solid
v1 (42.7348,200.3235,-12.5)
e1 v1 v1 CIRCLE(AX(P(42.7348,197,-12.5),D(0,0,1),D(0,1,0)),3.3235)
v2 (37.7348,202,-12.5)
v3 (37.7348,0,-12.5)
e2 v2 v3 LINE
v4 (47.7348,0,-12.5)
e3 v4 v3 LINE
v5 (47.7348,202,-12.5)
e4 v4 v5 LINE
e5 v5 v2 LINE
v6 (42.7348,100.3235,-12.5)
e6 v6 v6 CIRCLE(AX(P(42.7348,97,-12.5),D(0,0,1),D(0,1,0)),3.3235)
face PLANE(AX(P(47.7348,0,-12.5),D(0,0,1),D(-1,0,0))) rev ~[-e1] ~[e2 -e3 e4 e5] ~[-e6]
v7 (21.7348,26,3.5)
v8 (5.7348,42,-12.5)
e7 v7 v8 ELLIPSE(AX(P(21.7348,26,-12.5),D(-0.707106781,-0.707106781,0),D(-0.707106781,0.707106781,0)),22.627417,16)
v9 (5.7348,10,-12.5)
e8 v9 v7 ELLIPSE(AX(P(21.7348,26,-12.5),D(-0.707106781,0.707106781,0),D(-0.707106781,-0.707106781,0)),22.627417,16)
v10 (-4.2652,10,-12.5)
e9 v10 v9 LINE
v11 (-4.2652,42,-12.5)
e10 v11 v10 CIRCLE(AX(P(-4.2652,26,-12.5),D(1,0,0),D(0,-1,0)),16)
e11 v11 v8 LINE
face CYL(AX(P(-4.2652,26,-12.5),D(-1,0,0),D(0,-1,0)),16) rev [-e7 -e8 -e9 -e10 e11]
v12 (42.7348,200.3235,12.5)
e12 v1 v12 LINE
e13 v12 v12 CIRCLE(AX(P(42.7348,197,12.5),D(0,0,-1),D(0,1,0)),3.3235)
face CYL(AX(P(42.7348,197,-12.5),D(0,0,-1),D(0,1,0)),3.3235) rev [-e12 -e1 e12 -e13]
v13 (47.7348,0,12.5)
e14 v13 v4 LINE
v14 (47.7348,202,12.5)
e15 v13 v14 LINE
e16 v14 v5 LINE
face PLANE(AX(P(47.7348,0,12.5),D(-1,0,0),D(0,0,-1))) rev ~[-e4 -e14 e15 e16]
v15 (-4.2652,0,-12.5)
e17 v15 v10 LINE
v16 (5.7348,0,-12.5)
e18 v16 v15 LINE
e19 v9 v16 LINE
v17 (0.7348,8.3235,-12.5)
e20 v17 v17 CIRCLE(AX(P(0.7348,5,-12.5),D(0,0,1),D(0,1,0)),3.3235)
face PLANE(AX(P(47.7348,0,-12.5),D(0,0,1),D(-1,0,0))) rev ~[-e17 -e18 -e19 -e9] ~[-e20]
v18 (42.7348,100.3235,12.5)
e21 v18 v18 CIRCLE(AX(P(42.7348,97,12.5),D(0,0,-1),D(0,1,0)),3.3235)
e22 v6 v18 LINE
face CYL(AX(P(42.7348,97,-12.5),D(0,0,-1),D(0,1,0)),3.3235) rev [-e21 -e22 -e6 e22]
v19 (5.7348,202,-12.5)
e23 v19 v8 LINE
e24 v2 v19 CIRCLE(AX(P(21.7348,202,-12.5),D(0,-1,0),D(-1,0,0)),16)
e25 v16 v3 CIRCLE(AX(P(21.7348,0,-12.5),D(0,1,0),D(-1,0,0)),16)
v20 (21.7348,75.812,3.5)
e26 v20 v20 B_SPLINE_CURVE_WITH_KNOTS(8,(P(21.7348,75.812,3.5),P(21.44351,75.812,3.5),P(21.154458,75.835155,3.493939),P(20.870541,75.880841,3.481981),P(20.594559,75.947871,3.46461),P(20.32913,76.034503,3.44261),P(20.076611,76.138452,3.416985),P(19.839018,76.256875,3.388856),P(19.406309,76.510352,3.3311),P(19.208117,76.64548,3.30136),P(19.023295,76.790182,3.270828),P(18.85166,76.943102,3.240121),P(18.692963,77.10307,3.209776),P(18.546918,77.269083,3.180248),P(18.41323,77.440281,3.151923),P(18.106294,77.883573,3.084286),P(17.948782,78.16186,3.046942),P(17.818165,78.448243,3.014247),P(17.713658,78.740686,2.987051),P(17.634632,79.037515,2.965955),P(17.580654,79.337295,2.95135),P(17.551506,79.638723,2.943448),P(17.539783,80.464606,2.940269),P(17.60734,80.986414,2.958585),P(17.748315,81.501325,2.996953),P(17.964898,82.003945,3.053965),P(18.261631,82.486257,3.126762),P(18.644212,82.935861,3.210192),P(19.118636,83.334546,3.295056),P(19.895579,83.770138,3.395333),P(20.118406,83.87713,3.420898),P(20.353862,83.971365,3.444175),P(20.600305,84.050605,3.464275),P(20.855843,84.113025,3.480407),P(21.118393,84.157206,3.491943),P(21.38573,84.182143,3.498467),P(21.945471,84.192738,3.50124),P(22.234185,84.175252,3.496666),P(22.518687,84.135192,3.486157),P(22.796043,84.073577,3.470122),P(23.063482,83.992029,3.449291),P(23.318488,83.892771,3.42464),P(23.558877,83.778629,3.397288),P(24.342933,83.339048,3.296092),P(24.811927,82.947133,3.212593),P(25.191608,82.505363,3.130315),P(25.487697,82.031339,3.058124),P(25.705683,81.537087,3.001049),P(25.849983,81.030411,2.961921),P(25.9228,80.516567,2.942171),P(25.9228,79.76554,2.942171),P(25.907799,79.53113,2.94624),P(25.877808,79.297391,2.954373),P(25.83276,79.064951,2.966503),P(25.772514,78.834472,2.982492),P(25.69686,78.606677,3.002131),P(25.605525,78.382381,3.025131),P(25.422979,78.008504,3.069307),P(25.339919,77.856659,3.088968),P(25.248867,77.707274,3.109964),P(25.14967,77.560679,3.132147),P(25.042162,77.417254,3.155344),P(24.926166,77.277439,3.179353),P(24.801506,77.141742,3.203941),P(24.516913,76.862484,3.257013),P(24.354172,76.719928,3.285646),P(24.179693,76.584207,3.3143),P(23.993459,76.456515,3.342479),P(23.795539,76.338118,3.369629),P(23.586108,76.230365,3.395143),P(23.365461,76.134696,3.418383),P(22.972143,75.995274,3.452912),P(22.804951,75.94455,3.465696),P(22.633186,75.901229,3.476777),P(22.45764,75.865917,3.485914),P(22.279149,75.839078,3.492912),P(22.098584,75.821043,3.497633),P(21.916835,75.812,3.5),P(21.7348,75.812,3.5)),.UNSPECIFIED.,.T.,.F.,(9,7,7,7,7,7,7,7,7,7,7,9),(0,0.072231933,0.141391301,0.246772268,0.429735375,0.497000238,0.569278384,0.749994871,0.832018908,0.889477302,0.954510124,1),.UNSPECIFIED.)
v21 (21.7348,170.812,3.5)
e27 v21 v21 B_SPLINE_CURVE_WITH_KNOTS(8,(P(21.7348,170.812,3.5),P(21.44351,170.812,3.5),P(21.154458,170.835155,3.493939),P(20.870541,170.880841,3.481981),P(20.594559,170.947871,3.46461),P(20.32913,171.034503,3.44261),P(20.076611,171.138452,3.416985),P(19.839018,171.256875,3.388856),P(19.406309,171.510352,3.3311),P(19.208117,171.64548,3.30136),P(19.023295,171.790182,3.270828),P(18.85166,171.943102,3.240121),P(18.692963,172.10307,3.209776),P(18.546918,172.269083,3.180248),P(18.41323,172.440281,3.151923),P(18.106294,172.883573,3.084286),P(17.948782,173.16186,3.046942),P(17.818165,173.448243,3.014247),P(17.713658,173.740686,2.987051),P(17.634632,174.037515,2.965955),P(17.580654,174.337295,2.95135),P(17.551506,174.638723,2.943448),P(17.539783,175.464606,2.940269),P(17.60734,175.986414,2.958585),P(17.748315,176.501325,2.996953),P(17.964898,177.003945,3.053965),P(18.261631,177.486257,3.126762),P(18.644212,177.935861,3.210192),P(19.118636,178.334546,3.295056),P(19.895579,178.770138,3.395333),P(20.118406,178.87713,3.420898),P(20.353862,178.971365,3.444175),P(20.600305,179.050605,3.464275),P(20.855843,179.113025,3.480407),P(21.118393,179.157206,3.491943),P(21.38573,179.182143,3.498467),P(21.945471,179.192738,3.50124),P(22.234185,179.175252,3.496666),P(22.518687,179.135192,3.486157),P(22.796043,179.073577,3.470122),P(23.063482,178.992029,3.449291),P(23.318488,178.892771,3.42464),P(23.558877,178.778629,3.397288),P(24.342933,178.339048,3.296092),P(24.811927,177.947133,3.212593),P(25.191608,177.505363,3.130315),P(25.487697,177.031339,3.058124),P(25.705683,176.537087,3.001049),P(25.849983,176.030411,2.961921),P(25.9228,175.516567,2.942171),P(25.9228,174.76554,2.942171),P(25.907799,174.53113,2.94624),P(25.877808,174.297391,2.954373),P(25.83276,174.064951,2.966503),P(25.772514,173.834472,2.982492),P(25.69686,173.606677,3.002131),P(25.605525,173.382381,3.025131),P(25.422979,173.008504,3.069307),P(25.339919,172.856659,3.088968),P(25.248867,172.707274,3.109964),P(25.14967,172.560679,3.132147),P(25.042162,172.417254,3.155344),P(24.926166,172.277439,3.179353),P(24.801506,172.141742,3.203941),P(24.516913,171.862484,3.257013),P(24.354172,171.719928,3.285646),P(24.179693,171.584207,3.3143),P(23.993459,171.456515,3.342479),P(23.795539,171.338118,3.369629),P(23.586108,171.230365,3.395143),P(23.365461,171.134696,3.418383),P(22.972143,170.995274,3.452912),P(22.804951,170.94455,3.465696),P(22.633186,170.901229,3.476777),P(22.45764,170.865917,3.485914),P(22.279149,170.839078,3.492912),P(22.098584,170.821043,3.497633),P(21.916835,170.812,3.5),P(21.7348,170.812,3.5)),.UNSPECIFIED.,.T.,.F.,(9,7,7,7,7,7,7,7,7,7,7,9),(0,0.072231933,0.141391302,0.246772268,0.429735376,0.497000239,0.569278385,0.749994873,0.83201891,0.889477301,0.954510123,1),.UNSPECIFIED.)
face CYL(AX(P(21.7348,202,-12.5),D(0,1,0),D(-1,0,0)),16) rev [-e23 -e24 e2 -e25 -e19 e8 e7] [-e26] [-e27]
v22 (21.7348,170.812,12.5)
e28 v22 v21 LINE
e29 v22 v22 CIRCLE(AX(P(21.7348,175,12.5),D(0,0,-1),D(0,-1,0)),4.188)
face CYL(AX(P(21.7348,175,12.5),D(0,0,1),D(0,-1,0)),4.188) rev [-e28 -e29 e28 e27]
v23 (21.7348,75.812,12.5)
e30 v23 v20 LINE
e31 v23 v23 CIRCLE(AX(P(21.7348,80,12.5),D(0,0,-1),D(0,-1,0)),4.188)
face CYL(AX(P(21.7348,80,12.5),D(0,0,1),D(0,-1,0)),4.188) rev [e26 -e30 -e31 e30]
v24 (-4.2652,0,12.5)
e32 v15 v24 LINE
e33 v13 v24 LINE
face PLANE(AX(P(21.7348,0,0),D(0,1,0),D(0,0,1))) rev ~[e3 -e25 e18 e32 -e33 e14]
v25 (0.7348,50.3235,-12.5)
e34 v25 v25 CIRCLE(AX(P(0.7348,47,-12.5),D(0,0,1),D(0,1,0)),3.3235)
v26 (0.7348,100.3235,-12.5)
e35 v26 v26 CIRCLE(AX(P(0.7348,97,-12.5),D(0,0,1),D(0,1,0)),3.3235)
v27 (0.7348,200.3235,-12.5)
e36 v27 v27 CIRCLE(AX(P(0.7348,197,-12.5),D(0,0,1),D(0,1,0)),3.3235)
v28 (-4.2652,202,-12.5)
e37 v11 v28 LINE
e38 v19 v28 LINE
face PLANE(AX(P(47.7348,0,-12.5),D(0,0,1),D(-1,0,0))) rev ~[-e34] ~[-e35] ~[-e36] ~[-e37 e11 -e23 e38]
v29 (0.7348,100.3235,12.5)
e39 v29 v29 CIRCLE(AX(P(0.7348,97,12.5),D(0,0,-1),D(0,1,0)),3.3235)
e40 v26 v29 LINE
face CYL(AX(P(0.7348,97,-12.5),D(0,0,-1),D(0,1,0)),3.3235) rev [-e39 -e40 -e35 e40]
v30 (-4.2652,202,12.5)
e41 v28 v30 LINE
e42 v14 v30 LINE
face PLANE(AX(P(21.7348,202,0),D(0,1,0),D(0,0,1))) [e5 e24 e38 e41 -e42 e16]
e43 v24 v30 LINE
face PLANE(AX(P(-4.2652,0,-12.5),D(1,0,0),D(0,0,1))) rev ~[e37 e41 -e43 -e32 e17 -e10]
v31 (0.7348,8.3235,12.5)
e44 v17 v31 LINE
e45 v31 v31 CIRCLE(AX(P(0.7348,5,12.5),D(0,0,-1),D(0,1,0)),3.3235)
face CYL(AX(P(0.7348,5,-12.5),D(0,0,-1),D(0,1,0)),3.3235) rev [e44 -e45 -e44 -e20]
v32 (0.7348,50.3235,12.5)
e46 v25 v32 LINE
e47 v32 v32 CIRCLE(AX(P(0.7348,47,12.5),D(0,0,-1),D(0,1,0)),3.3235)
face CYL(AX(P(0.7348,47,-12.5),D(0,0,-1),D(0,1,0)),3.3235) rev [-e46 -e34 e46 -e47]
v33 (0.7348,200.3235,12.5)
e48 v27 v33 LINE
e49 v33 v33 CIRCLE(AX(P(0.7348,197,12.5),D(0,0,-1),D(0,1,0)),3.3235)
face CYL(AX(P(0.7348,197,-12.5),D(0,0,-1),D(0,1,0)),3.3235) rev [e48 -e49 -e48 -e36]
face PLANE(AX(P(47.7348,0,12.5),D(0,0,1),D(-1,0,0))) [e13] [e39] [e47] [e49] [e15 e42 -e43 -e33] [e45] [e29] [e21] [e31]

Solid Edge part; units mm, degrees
sketch "Sketch1" plane through (0, 0, 0) normal (0, 1, 0) x (-1, 0, 0)
  line L0 (-47.7348, -12.5) -> (4.2652, -12.5)
  line L1 (4.2652, -12.5) -> (4.2652, 12.5)
  line L2 (-47.7348, 12.5) -> (4.2652, 12.5)
  line L3 (-47.7348, 12.5) -> (-47.7348, -12.5)
  dimension "D1" = 25
  dimension "D2" = 52
extrude "Protrusion1" add sketch "Sketch1" along normal blind 202
sketch "Sketch2" plane through (0, 202, 0) normal (0, 1, 0) x (-1, 0, 0)
  line L0 (-37.7348, -12.5) -> (-5.7348, -12.5)
  arc A0 (-37.7348, -12.5) -> (-5.7348, -12.5) centre (-21.7348, -12.5) cw
  dimension "D1" = 32
extrude "Cutout1" cut sketch "Sketch2" against normal up to next
hole "Hole_7" at (0.7348, 197, -12.5) direction (0, 0, 1) diameter 6.647 end up to next
hole "Hole1" at (42.7348, 197, -12.5) direction (0, 0, 1) diameter 6.647 end up to next
hole "Hole2" at (42.7348, 97, -12.5) direction (0, 0, 1) diameter 6.647 end up to next
hole "Hole3" at (0.7348, 97, -12.5) direction (0, 0, 1) diameter 6.647 end up to next
sketch "Sketch3" plane through (-4.2652, -75, 0) normal (-1, 0, 0) x (0, -1, 0)
  line L0 (-85, -12.5) -> (-117, -12.5)
  arc A0 (-117, -12.5) -> (-85, -12.5) centre (-101, -12.5) cw
  dimension "D1" = 32
  dimension "D2" = 16
  dimension "D3" = 26
extrude "Cutout2" cut sketch "Sketch3" against normal up to next
hole "Hole_11" at (0.7348, 47, -12.5) direction (0, 0, 1) diameter 6.647 end up to next
hole "Hole4" at (0.7348, 5, -12.5) direction (0, 0, 1) diameter 6.647 end up to next
hole "Hole_13" at (21.7348, 80, 12.5) direction (0, 0, -1) diameter 8.376 end up to next
hole "Hole5" at (21.7348, 175, 12.5) direction (0, 0, -1) diameter 8.376 end up to next
properties material "Stainless steel"
